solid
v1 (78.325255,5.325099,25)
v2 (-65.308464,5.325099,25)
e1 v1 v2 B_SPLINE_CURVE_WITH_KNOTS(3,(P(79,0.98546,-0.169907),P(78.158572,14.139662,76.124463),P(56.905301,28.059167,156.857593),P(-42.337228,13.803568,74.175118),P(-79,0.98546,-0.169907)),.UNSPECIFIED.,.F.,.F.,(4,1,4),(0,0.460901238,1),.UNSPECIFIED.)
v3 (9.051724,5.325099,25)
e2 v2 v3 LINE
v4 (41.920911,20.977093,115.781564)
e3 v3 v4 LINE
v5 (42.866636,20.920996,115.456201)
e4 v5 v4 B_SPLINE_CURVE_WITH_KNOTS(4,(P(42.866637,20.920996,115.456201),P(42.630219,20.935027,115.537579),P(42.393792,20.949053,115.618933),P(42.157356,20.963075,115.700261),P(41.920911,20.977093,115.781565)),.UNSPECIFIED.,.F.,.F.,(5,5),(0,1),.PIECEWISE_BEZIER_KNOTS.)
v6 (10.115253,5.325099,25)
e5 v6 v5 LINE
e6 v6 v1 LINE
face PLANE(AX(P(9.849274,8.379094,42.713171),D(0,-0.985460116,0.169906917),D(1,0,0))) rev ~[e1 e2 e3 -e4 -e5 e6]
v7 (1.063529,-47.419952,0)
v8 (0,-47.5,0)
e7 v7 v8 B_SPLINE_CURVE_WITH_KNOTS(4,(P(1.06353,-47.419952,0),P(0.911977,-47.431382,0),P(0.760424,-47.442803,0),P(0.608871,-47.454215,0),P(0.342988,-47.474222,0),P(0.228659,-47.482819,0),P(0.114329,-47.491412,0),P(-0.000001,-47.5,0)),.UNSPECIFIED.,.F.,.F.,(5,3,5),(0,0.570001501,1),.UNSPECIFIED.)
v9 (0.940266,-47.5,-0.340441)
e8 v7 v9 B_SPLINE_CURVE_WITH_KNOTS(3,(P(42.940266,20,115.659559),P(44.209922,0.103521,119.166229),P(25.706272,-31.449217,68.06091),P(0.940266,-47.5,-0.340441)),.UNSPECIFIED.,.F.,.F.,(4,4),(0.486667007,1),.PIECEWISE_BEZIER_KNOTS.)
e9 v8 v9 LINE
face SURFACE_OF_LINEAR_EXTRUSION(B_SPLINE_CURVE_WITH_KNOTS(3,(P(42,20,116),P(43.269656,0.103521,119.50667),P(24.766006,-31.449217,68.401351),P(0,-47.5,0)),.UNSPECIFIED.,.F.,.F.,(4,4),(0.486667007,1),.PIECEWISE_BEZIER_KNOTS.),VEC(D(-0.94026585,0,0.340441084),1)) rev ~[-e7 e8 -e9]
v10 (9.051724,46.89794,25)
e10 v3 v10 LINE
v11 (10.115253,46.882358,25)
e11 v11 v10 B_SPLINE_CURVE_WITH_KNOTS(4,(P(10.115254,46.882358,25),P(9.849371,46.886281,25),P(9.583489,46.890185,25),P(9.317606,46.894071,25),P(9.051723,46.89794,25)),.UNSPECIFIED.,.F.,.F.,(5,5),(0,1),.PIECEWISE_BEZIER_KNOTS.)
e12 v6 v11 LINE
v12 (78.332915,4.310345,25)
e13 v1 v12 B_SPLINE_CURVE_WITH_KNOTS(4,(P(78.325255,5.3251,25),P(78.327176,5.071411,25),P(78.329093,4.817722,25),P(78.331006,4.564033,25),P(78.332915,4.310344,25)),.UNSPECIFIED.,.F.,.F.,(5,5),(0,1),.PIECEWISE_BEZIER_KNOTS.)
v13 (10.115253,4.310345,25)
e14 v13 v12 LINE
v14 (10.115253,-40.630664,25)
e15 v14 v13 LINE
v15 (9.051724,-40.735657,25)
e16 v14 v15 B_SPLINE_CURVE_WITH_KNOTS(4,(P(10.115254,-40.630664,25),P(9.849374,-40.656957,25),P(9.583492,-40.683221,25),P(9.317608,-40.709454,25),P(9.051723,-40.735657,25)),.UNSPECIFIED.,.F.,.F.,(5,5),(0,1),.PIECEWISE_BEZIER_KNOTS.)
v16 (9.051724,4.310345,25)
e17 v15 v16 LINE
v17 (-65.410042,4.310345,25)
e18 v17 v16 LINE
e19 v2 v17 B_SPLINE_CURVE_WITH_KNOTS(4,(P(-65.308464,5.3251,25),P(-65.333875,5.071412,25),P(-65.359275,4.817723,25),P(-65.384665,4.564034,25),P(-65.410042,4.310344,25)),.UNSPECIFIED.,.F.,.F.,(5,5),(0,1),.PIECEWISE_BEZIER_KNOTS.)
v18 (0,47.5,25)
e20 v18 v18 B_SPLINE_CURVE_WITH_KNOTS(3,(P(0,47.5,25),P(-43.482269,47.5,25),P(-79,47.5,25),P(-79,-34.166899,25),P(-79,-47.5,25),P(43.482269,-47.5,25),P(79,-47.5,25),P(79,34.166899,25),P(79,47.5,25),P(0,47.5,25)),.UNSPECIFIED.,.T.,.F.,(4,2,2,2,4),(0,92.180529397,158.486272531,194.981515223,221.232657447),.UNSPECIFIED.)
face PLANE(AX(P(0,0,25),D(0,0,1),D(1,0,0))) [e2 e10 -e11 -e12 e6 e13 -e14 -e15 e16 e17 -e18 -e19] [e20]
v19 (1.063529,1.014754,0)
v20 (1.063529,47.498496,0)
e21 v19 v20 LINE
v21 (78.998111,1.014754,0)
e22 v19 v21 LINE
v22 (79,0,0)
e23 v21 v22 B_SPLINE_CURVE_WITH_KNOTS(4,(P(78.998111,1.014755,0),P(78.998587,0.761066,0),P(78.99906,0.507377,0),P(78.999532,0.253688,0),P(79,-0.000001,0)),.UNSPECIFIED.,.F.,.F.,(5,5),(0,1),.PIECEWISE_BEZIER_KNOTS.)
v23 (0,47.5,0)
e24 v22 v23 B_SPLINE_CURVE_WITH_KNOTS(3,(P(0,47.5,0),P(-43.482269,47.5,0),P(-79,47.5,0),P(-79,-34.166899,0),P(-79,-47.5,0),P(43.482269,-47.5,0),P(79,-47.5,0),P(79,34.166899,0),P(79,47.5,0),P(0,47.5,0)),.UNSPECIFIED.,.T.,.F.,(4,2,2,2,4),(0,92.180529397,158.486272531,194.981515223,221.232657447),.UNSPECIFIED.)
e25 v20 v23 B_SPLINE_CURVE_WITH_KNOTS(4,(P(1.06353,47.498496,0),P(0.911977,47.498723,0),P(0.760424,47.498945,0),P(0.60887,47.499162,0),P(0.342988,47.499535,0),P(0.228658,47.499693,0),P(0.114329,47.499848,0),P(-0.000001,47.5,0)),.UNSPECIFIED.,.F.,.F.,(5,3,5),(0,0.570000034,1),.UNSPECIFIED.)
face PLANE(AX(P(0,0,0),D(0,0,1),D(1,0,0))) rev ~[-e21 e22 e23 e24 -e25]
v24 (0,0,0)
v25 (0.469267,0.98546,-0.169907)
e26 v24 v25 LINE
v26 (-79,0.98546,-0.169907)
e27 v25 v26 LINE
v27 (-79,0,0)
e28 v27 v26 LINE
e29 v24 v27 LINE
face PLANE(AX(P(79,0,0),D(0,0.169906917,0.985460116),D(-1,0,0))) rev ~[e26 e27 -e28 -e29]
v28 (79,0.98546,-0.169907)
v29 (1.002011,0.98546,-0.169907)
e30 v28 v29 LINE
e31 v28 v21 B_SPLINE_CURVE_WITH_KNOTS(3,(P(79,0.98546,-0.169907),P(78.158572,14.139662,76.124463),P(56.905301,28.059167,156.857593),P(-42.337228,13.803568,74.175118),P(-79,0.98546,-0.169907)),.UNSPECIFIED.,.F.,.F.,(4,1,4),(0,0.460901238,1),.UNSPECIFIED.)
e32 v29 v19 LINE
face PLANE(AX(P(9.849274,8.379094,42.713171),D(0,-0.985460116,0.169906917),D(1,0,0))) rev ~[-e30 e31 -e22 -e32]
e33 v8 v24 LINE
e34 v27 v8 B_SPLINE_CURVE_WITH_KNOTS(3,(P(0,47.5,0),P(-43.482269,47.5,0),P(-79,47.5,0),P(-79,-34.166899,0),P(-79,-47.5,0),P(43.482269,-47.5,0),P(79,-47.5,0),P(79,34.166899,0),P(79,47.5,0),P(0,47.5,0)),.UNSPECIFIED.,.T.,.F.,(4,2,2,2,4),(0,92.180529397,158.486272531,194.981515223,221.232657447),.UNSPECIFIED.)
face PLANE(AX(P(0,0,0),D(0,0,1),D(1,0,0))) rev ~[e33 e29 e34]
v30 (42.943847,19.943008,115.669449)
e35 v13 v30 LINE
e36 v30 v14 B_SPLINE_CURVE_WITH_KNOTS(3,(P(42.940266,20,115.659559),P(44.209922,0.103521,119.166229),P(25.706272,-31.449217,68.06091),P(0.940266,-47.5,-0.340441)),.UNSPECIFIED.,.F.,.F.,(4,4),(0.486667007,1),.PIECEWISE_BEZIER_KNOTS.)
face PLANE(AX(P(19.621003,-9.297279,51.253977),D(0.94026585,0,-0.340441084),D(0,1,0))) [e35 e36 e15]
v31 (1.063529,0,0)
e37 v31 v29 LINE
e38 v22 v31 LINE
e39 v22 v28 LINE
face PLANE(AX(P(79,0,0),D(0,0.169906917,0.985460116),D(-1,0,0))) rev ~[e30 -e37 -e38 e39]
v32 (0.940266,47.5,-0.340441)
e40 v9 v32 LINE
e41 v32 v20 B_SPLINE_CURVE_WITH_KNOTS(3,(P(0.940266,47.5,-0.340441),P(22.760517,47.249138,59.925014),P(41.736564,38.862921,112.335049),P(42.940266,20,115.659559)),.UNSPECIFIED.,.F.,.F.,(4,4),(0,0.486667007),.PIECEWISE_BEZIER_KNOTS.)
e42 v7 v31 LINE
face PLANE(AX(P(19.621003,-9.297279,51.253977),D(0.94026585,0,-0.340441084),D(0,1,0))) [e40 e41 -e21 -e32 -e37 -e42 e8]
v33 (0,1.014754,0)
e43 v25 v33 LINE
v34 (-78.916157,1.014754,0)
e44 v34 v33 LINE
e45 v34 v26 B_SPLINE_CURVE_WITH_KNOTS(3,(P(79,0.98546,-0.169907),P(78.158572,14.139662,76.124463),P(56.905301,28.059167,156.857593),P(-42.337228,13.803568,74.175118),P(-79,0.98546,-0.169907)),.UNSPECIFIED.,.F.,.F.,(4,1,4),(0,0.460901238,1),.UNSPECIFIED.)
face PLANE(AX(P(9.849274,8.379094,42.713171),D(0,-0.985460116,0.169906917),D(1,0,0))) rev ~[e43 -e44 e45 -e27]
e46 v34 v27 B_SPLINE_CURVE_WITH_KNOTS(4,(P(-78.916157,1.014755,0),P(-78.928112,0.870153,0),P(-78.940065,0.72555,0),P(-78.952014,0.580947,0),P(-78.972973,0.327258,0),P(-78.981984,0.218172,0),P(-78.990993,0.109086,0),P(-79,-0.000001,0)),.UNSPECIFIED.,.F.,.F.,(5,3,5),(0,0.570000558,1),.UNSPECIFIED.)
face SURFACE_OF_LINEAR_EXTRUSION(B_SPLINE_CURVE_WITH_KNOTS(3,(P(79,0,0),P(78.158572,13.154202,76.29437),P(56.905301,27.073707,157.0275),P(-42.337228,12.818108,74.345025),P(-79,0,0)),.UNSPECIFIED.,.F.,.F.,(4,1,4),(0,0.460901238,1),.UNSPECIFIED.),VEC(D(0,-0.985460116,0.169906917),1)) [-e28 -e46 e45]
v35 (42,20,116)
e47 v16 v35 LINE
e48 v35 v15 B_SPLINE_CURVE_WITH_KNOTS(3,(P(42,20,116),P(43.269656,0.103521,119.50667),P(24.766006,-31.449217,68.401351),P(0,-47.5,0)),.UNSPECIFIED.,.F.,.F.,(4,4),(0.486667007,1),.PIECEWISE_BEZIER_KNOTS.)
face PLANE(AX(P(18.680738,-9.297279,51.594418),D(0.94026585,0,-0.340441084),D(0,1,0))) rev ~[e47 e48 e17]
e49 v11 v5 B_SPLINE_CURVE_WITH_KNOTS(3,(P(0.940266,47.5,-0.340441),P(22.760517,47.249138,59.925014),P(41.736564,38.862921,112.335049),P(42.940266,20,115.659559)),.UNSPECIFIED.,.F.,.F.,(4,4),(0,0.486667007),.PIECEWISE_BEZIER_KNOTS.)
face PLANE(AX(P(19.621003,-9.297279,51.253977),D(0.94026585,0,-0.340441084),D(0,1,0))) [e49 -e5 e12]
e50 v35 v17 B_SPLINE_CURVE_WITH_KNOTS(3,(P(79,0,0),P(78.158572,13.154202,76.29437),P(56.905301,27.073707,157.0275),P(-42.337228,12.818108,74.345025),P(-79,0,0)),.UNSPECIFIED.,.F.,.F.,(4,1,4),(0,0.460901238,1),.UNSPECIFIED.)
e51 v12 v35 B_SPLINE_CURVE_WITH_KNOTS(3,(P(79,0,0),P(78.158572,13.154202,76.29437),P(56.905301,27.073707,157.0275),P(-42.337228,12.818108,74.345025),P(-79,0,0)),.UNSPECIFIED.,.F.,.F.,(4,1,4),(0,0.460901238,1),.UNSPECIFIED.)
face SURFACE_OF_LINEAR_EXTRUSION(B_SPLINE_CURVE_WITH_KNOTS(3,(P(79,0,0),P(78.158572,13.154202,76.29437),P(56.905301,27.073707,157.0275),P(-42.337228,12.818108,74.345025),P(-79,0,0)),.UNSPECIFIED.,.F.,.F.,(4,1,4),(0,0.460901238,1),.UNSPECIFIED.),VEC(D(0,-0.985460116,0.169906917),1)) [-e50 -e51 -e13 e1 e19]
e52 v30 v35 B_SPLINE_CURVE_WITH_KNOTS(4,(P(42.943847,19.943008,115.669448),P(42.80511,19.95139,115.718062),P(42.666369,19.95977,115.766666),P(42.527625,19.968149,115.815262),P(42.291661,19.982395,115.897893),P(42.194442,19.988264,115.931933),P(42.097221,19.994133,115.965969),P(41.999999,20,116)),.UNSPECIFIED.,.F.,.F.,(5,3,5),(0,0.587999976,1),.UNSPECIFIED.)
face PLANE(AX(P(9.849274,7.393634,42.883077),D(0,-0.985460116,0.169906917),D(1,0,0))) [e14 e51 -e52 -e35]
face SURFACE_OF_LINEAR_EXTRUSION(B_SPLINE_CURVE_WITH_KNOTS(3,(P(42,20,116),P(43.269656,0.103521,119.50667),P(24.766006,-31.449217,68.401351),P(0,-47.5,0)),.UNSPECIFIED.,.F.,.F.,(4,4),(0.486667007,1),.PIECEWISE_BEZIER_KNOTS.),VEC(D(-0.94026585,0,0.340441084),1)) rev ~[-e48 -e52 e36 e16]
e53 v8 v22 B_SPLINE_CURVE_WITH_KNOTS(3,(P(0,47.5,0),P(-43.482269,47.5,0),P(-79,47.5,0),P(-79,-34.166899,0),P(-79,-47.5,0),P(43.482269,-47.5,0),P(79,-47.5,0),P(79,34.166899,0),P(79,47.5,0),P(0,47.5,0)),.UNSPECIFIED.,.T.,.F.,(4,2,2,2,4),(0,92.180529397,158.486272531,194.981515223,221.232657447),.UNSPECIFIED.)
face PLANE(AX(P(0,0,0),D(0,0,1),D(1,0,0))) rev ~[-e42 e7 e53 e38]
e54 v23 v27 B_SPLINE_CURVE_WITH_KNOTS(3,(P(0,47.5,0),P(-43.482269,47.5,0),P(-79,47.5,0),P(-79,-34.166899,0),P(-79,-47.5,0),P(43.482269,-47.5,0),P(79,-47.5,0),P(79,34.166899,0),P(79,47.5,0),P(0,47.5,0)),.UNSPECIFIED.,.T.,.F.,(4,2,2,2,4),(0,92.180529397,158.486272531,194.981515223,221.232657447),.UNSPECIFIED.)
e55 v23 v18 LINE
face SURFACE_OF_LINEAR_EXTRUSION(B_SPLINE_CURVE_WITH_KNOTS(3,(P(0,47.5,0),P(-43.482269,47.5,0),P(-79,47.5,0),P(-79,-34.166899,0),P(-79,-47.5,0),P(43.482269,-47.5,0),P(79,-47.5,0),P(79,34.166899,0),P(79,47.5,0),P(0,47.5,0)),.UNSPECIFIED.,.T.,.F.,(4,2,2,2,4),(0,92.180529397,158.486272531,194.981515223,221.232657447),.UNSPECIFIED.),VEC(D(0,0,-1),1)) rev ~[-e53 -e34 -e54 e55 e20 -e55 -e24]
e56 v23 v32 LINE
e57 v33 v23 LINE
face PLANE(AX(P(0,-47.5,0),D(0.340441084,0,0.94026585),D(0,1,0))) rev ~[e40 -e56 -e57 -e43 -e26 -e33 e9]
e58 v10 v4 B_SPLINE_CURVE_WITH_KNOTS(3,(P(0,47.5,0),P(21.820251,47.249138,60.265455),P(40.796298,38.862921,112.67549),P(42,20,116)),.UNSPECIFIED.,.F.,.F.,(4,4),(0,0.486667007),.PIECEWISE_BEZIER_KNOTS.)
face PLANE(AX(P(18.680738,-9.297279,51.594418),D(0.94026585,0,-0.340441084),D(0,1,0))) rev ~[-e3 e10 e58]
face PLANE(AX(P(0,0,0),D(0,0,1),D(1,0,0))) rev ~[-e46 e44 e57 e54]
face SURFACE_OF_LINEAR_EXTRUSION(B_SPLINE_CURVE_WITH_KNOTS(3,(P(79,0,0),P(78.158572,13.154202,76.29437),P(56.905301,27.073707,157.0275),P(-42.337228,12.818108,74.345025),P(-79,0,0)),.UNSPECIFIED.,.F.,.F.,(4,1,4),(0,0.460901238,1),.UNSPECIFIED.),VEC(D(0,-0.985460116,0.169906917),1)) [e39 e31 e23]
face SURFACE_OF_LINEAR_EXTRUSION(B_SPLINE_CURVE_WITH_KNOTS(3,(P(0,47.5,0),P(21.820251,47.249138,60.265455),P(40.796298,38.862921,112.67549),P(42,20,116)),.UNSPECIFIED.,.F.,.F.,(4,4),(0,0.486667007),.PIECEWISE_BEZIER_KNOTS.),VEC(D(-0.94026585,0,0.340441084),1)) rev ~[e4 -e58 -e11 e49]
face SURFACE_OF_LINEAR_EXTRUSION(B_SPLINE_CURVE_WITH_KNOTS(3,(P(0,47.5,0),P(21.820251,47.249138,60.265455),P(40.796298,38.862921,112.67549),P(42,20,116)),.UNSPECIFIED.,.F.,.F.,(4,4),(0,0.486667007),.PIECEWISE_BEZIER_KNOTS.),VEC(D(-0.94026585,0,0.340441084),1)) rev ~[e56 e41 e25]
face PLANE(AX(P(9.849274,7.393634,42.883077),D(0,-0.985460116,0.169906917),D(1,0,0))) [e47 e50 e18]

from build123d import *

# Parameters (mm, degrees)
F15_DEPTH = 25
F16_DEPTH = 1
F17_DEPTH = 1


with BuildPart() as f15:
    # F0 (on Top) → F15 (new body)
    with BuildSketch(Plane.XY):
        with BuildLine():
            Line((-79, -47.5), (0, -47.5))
            add(Edge.make_bspline(
                [(0, -47.5), (43.4822692035, -47.5), (79, -47.5), (79, 0)],
                knots=[0, 0, 0, 0, 92.1805293975, 92.1805293975, 92.1805293975, 92.1805293975], degree=3))
            Line((79, 0), (79, 47.5))
            Line((79, 47.5), (0, 47.5))
            add(Edge.make_bspline(
                [(0, 47.5), (-43.4822692035, 47.5), (-79, 47.5), (-79, 0)],
                knots=[0, 0, 0, 0, 92.1805293975, 92.1805293975, 92.1805293975, 92.1805293975], degree=3))
            Line((-79, 0), (-79, -47.5))
        make_face()
        with BuildLine():
            add(Edge.make_bspline(
                [(0, -47.5), (-79, -47.5), (-79, -34.1668985784), (-79, 0)],
                knots=[0, 0, 0, 0, 92.1805293975, 92.1805293975, 92.1805293975, 92.1805293975], degree=3))
            Line((0, -47.5), (-79, -47.5))
            Line((-79, -47.5), (-79, 0))
        make_face(mode=Mode.SUBTRACT)
        with BuildLine():
            add(Edge.make_bspline(
                [(0, 47.5), (79, 47.5), (79, 34.1668985784), (79, 0)],
                knots=[0, 0, 0, 0, 92.1805293975, 92.1805293975, 92.1805293975, 92.1805293975], degree=3))
            Line((0, 47.5), (79, 47.5))
            Line((79, 47.5), (79, 0))
        make_face(mode=Mode.SUBTRACT)
    extrude(amount=F15_DEPTH)

    # F6 (on 3pt) → F16 (join)
    with BuildSketch(Plane(origin=(0, 0, 0), x_dir=(-1, 0, 0), z_dir=(0, 0.9854601157, -0.1699069165))):
        with BuildLine():
            add(Edge.make_bspline(
                [(-79, 0), (-78.1585723162, 77.4200484157), (-56.905300797, 159.3443483951), (42.3372276127, 75.4419416189), (79, 0)],
                knots=[0, 0, 0, 0, 0.4609012378, 1, 1, 1, 1], degree=3))
            Line((-79, 0), (79, 0))
        make_face()
    extrude(amount=F16_DEPTH)

    # F9 (on 3pt) → F17 (join)
    with BuildSketch(Plane(origin=(0, 0, 0), x_dir=(0, 1, 0), z_dir=(0.94026585, 0, -0.3404410836))):
        with BuildLine():
            Line((0, 0), (20, 123.3693641063))
            add(Edge.make_bspline(
                [(20, 123.3693641063), (0.1035212234, 127.0988093011), (-31.4492173493, 72.7468207479), (-47.5, 0)],
                knots=[0.4866670067, 0.4866670067, 0.4866670067, 0.4866670067, 1, 1, 1, 1], degree=3))
            Line((-47.5, 0), (0, 0))
        make_face()
        with BuildLine():
            Line((0, 0), (47.5, 0))
            add(Edge.make_bspline(
                [(47.5, 0), (47.2491383553, 64.0940591693), (38.8629211383, 119.8336515117), (20, 123.3693641063)],
                knots=[0, 0, 0, 0, 0.4866670067, 0.4866670067, 0.4866670067, 0.4866670067], degree=3))
            Line((20, 123.3693641063), (0, 0))
        make_face()
    extrude(amount=F17_DEPTH)


solid = f15.part
